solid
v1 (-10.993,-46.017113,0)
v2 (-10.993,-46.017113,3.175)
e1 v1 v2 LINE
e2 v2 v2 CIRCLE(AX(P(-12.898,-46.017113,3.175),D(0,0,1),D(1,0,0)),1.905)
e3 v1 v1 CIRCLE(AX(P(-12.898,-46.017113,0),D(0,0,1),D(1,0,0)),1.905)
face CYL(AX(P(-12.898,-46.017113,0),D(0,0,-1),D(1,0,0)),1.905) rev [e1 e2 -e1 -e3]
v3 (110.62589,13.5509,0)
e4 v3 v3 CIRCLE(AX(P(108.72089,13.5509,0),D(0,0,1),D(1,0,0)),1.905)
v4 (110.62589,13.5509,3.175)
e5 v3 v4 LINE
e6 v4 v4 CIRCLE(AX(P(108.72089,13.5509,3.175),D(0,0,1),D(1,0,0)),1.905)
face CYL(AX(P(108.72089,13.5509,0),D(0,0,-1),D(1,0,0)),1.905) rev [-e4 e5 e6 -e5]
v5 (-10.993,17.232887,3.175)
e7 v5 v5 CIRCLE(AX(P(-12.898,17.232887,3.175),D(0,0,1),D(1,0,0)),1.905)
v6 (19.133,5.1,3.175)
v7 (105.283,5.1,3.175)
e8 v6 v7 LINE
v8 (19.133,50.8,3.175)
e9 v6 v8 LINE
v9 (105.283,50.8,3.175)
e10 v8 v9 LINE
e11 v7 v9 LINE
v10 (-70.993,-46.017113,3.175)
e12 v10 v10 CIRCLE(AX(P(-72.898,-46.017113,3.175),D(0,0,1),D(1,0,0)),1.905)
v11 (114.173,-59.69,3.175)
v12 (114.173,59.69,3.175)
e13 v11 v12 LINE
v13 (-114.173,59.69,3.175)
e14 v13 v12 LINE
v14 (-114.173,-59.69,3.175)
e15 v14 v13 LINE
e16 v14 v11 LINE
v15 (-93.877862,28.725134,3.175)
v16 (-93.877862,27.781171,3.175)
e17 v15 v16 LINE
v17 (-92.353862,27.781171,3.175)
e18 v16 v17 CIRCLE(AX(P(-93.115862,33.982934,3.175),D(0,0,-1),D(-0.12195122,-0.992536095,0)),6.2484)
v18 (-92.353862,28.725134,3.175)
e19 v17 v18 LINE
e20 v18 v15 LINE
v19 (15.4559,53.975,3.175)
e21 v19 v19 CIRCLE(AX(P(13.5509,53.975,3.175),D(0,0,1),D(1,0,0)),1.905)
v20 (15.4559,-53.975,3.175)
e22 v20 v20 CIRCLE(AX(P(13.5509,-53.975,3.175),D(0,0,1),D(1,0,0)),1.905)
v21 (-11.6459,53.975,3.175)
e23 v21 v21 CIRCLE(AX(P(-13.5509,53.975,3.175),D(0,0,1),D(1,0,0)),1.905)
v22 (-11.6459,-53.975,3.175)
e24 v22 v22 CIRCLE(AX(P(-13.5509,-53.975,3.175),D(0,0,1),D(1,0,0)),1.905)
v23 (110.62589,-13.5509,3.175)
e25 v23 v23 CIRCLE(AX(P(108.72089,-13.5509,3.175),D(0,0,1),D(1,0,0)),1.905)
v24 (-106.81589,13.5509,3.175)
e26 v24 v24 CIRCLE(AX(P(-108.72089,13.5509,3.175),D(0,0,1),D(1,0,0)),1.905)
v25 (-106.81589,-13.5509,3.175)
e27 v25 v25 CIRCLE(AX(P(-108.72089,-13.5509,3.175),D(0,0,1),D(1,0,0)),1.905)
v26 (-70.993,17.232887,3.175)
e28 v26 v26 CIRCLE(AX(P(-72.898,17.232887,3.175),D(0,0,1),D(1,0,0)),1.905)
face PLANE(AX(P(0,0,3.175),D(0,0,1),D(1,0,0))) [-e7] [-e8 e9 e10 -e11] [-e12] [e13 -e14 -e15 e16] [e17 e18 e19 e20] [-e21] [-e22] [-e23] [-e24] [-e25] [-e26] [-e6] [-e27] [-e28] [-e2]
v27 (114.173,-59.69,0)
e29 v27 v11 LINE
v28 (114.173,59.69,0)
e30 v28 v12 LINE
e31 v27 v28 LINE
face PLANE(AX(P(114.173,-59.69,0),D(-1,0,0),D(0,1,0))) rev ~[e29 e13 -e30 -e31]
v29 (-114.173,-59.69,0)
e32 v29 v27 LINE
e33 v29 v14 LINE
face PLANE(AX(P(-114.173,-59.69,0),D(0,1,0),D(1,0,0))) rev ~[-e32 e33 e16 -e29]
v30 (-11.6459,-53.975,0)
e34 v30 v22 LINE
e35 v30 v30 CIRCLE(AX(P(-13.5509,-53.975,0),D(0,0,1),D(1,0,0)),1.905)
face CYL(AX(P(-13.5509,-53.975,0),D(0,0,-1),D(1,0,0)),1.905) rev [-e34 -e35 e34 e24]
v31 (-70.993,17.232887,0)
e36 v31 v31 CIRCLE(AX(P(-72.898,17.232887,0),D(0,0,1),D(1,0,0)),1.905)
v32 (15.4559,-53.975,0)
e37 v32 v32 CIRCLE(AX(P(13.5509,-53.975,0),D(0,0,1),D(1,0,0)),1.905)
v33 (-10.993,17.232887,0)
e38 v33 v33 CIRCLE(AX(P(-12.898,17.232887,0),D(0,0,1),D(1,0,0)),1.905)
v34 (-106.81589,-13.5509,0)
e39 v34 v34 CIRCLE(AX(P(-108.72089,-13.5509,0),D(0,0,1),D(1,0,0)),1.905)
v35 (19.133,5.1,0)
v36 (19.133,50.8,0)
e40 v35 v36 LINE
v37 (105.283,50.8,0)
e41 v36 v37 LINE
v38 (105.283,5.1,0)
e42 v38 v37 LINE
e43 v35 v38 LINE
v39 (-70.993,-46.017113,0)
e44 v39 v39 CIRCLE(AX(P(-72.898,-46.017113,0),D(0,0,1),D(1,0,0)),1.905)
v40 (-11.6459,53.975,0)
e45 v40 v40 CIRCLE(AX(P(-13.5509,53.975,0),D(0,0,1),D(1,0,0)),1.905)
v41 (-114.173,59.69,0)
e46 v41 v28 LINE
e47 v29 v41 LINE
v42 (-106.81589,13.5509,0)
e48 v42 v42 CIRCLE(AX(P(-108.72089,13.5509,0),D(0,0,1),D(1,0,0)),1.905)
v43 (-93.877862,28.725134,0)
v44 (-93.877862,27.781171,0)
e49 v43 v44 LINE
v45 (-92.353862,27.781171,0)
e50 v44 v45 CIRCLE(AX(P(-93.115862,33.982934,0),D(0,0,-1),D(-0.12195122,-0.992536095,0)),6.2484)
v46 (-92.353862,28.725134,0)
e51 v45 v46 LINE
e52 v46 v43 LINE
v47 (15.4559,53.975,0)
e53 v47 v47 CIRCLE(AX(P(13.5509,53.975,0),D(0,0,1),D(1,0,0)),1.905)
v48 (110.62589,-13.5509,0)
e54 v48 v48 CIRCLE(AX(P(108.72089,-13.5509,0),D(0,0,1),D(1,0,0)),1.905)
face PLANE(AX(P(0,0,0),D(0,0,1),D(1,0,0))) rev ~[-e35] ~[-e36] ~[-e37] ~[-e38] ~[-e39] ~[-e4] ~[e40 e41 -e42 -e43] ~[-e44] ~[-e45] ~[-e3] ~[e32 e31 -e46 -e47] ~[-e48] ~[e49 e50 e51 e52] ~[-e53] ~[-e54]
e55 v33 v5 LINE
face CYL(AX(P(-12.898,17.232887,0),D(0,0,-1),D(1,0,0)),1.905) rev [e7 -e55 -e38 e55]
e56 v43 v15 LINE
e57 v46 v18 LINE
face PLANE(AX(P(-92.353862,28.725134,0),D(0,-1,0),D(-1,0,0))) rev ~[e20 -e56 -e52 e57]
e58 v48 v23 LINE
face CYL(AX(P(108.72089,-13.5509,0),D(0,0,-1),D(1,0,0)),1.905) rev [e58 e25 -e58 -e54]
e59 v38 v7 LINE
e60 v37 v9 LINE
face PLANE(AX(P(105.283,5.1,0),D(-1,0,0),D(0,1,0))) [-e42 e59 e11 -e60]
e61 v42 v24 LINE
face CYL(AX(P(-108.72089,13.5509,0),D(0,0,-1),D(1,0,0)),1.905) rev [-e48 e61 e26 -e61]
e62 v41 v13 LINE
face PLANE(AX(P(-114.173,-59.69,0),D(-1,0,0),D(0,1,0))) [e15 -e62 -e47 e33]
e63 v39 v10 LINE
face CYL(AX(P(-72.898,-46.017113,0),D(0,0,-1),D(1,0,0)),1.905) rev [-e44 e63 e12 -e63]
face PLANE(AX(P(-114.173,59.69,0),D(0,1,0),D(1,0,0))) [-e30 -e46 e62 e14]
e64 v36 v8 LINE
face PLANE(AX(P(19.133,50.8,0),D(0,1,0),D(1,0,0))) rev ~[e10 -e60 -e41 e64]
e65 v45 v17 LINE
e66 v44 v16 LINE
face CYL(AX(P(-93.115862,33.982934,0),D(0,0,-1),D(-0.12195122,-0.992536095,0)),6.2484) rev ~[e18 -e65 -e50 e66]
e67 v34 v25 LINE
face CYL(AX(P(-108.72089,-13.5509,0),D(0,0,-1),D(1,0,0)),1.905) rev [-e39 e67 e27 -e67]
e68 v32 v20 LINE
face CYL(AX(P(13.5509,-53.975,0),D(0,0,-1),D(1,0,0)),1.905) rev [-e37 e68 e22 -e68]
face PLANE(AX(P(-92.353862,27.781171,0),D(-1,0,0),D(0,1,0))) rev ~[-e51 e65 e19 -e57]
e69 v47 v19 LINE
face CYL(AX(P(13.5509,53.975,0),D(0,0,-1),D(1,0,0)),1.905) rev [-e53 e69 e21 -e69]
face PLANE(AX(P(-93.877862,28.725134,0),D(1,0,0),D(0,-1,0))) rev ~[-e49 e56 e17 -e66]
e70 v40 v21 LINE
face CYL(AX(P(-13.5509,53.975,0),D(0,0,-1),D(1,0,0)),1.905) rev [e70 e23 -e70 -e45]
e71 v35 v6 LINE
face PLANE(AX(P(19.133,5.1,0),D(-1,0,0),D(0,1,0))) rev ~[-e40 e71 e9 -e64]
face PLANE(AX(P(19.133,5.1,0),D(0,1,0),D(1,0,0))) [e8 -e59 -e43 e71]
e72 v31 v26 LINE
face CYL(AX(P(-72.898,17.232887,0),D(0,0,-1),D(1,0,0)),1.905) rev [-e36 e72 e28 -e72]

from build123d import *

# Parameters (mm, degrees)
SKETCH1_W           = 228.346
SKETCH1_H           = 119.38
SKETCH1_R           = 1.905
SKETCH1_W_2         = 86.15
SKETCH1_H_2         = 45.7
BOSS_EXTRUDE1_DEPTH = 3.175


with BuildPart() as part:
    # Sketch1 → Boss-Extrude1 (new body)
    with BuildSketch(Plane.XY):
        Rectangle(SKETCH1_W, SKETCH1_H)
        with Locations((-72.898, -46.017112716)):
            Circle(SKETCH1_R, mode=Mode.SUBTRACT)
        with Locations((-13.5509, -53.975)):
            Circle(SKETCH1_R, mode=Mode.SUBTRACT)
        with Locations((-12.898, -46.017112716)):
            Circle(SKETCH1_R, mode=Mode.SUBTRACT)
        with Locations((-108.72089, -13.5509)):
            Circle(SKETCH1_R, mode=Mode.SUBTRACT)
        with Locations((13.5509, -53.975)):
            Circle(SKETCH1_R, mode=Mode.SUBTRACT)
        with Locations((108.72089, -13.5509)):
            Circle(SKETCH1_R, mode=Mode.SUBTRACT)
        with Locations((-108.72089, 13.5509)):
            Circle(SKETCH1_R, mode=Mode.SUBTRACT)
        with Locations((-72.898, 17.232887284)):
            Circle(SKETCH1_R, mode=Mode.SUBTRACT)
        with Locations((-12.898, 17.232887284)):
            Circle(SKETCH1_R, mode=Mode.SUBTRACT)
        with BuildLine():
            Line((-92.353861631, 27.78117125), (-92.353861631, 28.725133786))
            Line((-92.353861631, 28.725133786), (-93.877861631, 28.725133786))
            Line((-93.877861631, 28.725133786), (-93.877861631, 27.78117125))
            ThreePointArc((-93.877861631, 27.78117125), (-93.115861631, 40.231333786), (-92.353861631, 27.78117125))
        make_face(mode=Mode.SUBTRACT)
        with Locations((-13.5509, 53.975)):
            Circle(SKETCH1_R, mode=Mode.SUBTRACT)
        with Locations((108.72089, 13.5509)):
            Circle(SKETCH1_R, mode=Mode.SUBTRACT)
        with Locations((62.208, 27.95)):
            Rectangle(SKETCH1_W_2, SKETCH1_H_2, mode=Mode.SUBTRACT)
        with Locations((13.5509, 53.975)):
            Circle(SKETCH1_R, mode=Mode.SUBTRACT)
    extrude(amount=BOSS_EXTRUDE1_DEPTH)


solid = part.part
